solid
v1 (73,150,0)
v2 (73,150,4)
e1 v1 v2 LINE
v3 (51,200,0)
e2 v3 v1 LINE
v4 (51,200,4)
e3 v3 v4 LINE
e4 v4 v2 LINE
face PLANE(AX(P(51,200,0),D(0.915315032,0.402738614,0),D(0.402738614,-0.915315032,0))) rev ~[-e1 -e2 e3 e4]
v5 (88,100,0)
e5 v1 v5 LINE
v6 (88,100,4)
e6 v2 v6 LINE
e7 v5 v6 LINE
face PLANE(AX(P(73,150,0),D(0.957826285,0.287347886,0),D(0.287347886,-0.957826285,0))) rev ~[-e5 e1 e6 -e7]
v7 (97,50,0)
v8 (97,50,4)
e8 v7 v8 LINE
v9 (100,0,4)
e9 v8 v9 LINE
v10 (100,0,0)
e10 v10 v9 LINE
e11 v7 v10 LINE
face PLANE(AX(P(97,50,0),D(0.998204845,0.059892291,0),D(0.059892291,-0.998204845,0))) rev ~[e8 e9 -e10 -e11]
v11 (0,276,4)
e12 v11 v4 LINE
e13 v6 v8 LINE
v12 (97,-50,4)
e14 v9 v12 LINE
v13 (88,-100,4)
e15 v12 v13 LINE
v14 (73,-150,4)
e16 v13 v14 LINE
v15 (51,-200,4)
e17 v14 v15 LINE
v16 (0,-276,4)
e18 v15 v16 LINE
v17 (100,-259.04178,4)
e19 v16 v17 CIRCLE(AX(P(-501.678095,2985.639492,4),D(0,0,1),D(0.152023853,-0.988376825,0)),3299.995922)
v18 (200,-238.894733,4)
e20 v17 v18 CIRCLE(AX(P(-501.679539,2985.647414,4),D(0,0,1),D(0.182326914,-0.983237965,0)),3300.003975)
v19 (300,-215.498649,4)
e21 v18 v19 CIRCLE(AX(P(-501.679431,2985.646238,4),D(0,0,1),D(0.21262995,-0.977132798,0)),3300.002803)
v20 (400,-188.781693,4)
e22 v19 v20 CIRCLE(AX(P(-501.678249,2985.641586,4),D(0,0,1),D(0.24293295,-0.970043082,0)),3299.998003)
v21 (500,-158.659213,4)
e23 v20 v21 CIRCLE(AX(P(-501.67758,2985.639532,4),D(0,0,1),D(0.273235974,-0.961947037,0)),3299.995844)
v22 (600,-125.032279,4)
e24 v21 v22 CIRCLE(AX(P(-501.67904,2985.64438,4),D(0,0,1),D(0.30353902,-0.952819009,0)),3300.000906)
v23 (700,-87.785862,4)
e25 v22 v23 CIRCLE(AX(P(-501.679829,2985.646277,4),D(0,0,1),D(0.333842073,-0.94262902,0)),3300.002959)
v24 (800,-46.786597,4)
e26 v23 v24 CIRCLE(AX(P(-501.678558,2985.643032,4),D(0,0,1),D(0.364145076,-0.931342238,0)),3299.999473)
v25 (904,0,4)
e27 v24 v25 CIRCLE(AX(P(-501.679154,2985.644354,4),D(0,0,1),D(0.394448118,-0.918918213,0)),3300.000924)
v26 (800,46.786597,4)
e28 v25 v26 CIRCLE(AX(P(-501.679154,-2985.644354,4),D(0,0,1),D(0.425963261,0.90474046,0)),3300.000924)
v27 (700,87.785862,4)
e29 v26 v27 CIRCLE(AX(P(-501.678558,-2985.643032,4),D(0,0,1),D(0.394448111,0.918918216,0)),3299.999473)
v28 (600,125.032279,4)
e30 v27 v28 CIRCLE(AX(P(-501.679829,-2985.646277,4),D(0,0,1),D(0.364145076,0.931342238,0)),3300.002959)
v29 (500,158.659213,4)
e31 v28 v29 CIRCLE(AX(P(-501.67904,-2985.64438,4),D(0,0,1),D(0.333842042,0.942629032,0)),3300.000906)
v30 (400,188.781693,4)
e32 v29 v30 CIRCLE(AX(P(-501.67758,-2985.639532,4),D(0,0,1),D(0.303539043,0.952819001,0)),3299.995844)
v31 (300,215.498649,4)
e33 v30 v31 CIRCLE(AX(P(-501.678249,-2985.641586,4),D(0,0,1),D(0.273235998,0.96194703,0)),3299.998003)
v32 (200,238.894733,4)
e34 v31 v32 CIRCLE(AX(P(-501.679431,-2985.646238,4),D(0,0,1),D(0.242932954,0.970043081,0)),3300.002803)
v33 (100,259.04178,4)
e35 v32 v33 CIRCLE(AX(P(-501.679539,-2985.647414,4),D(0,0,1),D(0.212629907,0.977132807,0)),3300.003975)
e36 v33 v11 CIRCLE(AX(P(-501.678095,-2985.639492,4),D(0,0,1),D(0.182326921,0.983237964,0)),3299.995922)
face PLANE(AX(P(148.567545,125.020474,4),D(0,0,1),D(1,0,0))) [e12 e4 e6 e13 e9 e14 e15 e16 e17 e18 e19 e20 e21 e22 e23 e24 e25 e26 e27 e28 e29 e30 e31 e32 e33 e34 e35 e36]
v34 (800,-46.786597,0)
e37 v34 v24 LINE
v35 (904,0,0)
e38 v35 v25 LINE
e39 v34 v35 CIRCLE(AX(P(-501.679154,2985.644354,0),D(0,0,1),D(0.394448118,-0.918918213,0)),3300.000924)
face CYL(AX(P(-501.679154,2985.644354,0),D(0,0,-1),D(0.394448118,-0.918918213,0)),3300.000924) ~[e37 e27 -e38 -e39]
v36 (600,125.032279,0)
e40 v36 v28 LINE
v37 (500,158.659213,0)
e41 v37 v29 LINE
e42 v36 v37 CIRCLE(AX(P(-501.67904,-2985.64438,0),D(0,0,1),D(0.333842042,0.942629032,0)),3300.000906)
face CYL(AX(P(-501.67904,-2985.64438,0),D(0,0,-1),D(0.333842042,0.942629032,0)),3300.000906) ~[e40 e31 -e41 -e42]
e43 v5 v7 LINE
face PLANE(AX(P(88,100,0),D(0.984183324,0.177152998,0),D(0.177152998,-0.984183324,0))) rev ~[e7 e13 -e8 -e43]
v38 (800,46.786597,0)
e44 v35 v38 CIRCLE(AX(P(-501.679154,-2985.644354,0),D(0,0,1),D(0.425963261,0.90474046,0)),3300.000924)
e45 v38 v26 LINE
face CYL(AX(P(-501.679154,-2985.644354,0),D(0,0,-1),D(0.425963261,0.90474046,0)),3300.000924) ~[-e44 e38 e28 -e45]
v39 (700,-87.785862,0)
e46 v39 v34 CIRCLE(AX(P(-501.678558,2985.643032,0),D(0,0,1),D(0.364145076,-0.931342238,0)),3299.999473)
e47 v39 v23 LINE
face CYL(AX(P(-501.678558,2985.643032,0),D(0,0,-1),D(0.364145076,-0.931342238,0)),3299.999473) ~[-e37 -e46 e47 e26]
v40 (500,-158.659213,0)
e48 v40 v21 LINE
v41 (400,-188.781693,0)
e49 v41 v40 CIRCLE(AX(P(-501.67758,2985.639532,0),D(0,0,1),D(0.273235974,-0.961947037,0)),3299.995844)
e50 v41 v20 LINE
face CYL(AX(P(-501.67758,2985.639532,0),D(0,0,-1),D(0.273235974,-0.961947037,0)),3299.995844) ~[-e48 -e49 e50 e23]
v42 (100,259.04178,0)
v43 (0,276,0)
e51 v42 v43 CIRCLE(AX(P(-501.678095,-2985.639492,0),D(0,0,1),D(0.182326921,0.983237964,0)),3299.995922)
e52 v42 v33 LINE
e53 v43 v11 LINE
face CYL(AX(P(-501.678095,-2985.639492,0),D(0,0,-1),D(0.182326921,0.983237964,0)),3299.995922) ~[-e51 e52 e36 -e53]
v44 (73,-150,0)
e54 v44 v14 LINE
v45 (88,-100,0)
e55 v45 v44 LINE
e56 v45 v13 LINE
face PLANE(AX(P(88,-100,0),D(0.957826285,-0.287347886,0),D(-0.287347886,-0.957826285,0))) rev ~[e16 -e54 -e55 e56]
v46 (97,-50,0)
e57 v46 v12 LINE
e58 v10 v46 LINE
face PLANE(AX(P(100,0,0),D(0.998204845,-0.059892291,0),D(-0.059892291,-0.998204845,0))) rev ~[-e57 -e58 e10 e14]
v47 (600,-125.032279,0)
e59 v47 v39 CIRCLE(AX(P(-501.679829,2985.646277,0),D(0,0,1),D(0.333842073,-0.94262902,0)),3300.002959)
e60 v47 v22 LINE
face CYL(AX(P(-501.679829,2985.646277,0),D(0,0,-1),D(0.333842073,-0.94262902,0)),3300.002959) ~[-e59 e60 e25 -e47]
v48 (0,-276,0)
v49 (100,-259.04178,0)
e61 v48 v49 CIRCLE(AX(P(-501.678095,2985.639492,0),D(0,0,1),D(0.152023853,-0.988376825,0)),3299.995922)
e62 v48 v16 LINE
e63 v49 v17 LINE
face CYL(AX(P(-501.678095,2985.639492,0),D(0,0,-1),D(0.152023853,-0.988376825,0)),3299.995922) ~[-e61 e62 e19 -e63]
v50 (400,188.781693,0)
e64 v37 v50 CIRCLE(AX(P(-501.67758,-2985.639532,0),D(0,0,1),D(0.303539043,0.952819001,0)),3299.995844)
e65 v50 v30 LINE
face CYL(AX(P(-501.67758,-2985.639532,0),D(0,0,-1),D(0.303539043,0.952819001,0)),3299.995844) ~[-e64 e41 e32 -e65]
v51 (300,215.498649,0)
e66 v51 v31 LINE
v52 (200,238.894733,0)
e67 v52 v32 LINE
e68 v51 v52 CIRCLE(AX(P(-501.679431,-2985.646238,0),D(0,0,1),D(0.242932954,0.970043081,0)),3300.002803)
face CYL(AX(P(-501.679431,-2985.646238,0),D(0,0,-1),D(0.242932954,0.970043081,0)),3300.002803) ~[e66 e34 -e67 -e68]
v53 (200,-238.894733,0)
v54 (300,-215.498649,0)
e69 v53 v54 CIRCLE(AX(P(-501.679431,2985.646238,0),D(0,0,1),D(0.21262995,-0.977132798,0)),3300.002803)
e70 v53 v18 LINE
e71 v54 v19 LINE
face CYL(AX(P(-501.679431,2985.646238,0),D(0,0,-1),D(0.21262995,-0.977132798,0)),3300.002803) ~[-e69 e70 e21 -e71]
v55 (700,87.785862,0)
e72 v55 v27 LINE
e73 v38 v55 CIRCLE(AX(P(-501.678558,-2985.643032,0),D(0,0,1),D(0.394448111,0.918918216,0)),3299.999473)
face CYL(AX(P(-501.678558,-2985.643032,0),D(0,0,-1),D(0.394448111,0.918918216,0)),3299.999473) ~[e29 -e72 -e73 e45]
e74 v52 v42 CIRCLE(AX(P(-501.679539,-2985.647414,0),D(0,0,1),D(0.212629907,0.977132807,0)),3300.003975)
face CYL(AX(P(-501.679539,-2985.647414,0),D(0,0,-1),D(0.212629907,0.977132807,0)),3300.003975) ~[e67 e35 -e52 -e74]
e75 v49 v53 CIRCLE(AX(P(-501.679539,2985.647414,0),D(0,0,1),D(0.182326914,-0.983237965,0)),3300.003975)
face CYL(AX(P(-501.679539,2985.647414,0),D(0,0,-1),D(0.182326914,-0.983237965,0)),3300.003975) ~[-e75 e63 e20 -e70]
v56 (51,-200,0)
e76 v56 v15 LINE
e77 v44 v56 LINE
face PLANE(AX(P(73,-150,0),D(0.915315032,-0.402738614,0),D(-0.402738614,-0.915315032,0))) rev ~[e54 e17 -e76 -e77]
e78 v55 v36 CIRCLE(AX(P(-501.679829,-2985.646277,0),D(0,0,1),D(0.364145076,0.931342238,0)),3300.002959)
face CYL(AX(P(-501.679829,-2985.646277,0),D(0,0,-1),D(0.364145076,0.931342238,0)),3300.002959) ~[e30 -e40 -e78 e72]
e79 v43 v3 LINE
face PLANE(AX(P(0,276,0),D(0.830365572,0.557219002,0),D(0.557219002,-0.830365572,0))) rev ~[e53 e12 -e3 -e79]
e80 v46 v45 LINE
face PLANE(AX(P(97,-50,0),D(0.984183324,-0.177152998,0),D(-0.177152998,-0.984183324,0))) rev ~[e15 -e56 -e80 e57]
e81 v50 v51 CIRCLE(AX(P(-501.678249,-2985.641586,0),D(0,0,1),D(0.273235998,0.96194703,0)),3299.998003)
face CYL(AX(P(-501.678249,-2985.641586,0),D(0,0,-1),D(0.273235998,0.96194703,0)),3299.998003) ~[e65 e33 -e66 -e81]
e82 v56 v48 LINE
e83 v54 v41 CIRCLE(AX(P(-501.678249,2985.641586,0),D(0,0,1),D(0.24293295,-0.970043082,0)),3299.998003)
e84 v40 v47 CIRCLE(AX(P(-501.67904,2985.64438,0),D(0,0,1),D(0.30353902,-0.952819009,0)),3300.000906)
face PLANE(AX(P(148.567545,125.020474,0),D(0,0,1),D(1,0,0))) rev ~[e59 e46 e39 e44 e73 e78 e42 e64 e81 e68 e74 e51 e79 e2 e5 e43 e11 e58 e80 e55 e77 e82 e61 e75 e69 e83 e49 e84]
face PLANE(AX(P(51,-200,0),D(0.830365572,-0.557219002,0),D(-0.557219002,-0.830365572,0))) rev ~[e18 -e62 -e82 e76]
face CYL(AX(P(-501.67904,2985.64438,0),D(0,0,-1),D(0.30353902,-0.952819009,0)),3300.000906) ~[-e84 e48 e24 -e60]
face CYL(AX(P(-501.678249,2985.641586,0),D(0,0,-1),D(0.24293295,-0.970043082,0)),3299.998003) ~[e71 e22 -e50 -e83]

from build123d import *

# Parameters (mm, degrees)
F1_DEPTH = 4


with BuildPart() as f1:
    # F0 (on Top) → F1 (new body)
    with BuildSketch(Plane.XY):
        with BuildLine():
            Line((100, 259.04178), (100, 0))
            Line((100, 0), (200, 0))
            Line((200, 0), (200, 238.894733))
            ThreePointArc((200, 238.894733), (150.077853, 249.354678), (100, 259.04178))
        make_face()
        with BuildLine():
            Line((100, -259.04178), (100, 0))
            Line((100, 0), (97, -50))
            Line((97, -50), (88, -100))
            Line((88, -100), (73, -150))
            Line((73, -150), (51, -200))
            Line((51, -200), (0, -276))
            ThreePointArc((0, -276), (50.065157, -267.905109), (100, -259.04178))
        make_face()
        with BuildLine():
            Line((200, 0), (100, 0))
            Line((100, 0), (100, -259.04178))
            ThreePointArc((100, -259.04178), (150.077853, -249.354678), (200, -238.894733))
            Line((200, -238.894733), (200, 0))
        make_face()
        with BuildLine():
            Line((97, 50), (100, 0))
            Line((100, 0), (100, 259.04178))
            ThreePointArc((100, 259.04178), (50.065157, 267.905109), (0, 276))
            Line((0, 276), (51, 200))
            Line((51, 200), (73, 150))
            Line((73, 150), (88, 100))
            Line((88, 100), (97, 50))
        make_face()
        with BuildLine():
            Line((200, 238.894733), (200, 0))
            Line((200, 0), (300, 0))
            Line((300, 0), (300, 215.498649))
            ThreePointArc((300, 215.498649), (250.09102, 227.585731), (200, 238.894733))
        make_face()
        with BuildLine():
            Line((300, 0), (200, 0))
            Line((200, 0), (200, -238.894733))
            ThreePointArc((200, -238.894733), (250.09102, -227.585731), (300, -215.498649))
            Line((300, -215.498649), (300, 0))
        make_face()
        with BuildLine():
            Line((300, 215.498649), (300, 0))
            Line((300, 0), (400, 0))
            Line((400, 0), (400, 188.781693))
            ThreePointArc((400, 188.781693), (350.104757, 202.532269), (300, 215.498649))
        make_face()
        with BuildLine():
            Line((400, 0), (300, 0))
            Line((300, 0), (300, -215.498649))
            ThreePointArc((300, -215.498649), (350.104757, -202.532269), (400, -188.781693))
            Line((400, -188.781693), (400, 0))
        make_face()
        with BuildLine():
            Line((400, 188.781693), (400, 0))
            Line((400, 0), (500, 0))
            Line((500, 0), (500, 158.659213))
            ThreePointArc((500, 158.659213), (450.119172, 174.116078), (400, 188.781693))
        make_face()
        with BuildLine():
            Line((500, 0), (400, 0))
            Line((400, 0), (400, -188.781693))
            ThreePointArc((400, -188.781693), (450.119172, -174.116078), (500, -158.659213))
            Line((500, -158.659213), (500, 0))
        make_face()
        with BuildLine():
            Line((500, 158.659213), (500, 0))
            Line((500, 0), (600, 0))
            Line((600, 0), (600, 125.032279))
            ThreePointArc((600, 125.032279), (550.134392, 142.245402), (500, 158.659213))
        make_face()
        with BuildLine():
            Line((600, 0), (500, 0))
            Line((500, 0), (500, -158.659213))
            ThreePointArc((500, -158.659213), (550.134392, -142.245402), (600, -125.032279))
            Line((600, -125.032279), (600, 0))
        make_face()
        with BuildLine():
            Line((600, 125.032279), (600, 0))
            Line((600, 0), (700, 0))
            Line((700, 0), (700, 87.785862))
            ThreePointArc((700, 87.785862), (650.150563, 106.813306), (600, 125.032279))
        make_face()
        with BuildLine():
            Line((700, 0), (600, 0))
            Line((600, 0), (600, -125.032279))
            ThreePointArc((600, -125.032279), (650.150563, -106.813306), (700, -87.785862))
            Line((700, -87.785862), (700, 0))
        make_face()
        with BuildLine():
            Line((700, 87.785862), (700, 0))
            Line((700, 0), (800, 0))
            Line((800, 0), (800, 46.786597))
            ThreePointArc((800, 46.786597), (750.167857, 67.695645), (700, 87.785862))
        make_face()
        with BuildLine():
            Line((800, 0), (700, 0))
            Line((700, 0), (700, -87.785862))
            ThreePointArc((700, -87.785862), (750.167857, -67.695645), (800, -46.786597))
            Line((800, -46.786597), (800, 0))
        make_face()
        with BuildLine():
            Line((800, 46.786597), (800, 0))
            Line((800, 0), (904, 0))
            ThreePointArc((904, 0), (852.202118, 23.842578), (800, 46.786597))
        make_face()
        with BuildLine():
            Line((904, 0), (800, 0))
            Line((800, 0), (800, -46.786597))
            ThreePointArc((800, -46.786597), (852.202118, -23.842578), (904, 0))
        make_face()
    extrude(amount=F1_DEPTH)


solid = f1.part
